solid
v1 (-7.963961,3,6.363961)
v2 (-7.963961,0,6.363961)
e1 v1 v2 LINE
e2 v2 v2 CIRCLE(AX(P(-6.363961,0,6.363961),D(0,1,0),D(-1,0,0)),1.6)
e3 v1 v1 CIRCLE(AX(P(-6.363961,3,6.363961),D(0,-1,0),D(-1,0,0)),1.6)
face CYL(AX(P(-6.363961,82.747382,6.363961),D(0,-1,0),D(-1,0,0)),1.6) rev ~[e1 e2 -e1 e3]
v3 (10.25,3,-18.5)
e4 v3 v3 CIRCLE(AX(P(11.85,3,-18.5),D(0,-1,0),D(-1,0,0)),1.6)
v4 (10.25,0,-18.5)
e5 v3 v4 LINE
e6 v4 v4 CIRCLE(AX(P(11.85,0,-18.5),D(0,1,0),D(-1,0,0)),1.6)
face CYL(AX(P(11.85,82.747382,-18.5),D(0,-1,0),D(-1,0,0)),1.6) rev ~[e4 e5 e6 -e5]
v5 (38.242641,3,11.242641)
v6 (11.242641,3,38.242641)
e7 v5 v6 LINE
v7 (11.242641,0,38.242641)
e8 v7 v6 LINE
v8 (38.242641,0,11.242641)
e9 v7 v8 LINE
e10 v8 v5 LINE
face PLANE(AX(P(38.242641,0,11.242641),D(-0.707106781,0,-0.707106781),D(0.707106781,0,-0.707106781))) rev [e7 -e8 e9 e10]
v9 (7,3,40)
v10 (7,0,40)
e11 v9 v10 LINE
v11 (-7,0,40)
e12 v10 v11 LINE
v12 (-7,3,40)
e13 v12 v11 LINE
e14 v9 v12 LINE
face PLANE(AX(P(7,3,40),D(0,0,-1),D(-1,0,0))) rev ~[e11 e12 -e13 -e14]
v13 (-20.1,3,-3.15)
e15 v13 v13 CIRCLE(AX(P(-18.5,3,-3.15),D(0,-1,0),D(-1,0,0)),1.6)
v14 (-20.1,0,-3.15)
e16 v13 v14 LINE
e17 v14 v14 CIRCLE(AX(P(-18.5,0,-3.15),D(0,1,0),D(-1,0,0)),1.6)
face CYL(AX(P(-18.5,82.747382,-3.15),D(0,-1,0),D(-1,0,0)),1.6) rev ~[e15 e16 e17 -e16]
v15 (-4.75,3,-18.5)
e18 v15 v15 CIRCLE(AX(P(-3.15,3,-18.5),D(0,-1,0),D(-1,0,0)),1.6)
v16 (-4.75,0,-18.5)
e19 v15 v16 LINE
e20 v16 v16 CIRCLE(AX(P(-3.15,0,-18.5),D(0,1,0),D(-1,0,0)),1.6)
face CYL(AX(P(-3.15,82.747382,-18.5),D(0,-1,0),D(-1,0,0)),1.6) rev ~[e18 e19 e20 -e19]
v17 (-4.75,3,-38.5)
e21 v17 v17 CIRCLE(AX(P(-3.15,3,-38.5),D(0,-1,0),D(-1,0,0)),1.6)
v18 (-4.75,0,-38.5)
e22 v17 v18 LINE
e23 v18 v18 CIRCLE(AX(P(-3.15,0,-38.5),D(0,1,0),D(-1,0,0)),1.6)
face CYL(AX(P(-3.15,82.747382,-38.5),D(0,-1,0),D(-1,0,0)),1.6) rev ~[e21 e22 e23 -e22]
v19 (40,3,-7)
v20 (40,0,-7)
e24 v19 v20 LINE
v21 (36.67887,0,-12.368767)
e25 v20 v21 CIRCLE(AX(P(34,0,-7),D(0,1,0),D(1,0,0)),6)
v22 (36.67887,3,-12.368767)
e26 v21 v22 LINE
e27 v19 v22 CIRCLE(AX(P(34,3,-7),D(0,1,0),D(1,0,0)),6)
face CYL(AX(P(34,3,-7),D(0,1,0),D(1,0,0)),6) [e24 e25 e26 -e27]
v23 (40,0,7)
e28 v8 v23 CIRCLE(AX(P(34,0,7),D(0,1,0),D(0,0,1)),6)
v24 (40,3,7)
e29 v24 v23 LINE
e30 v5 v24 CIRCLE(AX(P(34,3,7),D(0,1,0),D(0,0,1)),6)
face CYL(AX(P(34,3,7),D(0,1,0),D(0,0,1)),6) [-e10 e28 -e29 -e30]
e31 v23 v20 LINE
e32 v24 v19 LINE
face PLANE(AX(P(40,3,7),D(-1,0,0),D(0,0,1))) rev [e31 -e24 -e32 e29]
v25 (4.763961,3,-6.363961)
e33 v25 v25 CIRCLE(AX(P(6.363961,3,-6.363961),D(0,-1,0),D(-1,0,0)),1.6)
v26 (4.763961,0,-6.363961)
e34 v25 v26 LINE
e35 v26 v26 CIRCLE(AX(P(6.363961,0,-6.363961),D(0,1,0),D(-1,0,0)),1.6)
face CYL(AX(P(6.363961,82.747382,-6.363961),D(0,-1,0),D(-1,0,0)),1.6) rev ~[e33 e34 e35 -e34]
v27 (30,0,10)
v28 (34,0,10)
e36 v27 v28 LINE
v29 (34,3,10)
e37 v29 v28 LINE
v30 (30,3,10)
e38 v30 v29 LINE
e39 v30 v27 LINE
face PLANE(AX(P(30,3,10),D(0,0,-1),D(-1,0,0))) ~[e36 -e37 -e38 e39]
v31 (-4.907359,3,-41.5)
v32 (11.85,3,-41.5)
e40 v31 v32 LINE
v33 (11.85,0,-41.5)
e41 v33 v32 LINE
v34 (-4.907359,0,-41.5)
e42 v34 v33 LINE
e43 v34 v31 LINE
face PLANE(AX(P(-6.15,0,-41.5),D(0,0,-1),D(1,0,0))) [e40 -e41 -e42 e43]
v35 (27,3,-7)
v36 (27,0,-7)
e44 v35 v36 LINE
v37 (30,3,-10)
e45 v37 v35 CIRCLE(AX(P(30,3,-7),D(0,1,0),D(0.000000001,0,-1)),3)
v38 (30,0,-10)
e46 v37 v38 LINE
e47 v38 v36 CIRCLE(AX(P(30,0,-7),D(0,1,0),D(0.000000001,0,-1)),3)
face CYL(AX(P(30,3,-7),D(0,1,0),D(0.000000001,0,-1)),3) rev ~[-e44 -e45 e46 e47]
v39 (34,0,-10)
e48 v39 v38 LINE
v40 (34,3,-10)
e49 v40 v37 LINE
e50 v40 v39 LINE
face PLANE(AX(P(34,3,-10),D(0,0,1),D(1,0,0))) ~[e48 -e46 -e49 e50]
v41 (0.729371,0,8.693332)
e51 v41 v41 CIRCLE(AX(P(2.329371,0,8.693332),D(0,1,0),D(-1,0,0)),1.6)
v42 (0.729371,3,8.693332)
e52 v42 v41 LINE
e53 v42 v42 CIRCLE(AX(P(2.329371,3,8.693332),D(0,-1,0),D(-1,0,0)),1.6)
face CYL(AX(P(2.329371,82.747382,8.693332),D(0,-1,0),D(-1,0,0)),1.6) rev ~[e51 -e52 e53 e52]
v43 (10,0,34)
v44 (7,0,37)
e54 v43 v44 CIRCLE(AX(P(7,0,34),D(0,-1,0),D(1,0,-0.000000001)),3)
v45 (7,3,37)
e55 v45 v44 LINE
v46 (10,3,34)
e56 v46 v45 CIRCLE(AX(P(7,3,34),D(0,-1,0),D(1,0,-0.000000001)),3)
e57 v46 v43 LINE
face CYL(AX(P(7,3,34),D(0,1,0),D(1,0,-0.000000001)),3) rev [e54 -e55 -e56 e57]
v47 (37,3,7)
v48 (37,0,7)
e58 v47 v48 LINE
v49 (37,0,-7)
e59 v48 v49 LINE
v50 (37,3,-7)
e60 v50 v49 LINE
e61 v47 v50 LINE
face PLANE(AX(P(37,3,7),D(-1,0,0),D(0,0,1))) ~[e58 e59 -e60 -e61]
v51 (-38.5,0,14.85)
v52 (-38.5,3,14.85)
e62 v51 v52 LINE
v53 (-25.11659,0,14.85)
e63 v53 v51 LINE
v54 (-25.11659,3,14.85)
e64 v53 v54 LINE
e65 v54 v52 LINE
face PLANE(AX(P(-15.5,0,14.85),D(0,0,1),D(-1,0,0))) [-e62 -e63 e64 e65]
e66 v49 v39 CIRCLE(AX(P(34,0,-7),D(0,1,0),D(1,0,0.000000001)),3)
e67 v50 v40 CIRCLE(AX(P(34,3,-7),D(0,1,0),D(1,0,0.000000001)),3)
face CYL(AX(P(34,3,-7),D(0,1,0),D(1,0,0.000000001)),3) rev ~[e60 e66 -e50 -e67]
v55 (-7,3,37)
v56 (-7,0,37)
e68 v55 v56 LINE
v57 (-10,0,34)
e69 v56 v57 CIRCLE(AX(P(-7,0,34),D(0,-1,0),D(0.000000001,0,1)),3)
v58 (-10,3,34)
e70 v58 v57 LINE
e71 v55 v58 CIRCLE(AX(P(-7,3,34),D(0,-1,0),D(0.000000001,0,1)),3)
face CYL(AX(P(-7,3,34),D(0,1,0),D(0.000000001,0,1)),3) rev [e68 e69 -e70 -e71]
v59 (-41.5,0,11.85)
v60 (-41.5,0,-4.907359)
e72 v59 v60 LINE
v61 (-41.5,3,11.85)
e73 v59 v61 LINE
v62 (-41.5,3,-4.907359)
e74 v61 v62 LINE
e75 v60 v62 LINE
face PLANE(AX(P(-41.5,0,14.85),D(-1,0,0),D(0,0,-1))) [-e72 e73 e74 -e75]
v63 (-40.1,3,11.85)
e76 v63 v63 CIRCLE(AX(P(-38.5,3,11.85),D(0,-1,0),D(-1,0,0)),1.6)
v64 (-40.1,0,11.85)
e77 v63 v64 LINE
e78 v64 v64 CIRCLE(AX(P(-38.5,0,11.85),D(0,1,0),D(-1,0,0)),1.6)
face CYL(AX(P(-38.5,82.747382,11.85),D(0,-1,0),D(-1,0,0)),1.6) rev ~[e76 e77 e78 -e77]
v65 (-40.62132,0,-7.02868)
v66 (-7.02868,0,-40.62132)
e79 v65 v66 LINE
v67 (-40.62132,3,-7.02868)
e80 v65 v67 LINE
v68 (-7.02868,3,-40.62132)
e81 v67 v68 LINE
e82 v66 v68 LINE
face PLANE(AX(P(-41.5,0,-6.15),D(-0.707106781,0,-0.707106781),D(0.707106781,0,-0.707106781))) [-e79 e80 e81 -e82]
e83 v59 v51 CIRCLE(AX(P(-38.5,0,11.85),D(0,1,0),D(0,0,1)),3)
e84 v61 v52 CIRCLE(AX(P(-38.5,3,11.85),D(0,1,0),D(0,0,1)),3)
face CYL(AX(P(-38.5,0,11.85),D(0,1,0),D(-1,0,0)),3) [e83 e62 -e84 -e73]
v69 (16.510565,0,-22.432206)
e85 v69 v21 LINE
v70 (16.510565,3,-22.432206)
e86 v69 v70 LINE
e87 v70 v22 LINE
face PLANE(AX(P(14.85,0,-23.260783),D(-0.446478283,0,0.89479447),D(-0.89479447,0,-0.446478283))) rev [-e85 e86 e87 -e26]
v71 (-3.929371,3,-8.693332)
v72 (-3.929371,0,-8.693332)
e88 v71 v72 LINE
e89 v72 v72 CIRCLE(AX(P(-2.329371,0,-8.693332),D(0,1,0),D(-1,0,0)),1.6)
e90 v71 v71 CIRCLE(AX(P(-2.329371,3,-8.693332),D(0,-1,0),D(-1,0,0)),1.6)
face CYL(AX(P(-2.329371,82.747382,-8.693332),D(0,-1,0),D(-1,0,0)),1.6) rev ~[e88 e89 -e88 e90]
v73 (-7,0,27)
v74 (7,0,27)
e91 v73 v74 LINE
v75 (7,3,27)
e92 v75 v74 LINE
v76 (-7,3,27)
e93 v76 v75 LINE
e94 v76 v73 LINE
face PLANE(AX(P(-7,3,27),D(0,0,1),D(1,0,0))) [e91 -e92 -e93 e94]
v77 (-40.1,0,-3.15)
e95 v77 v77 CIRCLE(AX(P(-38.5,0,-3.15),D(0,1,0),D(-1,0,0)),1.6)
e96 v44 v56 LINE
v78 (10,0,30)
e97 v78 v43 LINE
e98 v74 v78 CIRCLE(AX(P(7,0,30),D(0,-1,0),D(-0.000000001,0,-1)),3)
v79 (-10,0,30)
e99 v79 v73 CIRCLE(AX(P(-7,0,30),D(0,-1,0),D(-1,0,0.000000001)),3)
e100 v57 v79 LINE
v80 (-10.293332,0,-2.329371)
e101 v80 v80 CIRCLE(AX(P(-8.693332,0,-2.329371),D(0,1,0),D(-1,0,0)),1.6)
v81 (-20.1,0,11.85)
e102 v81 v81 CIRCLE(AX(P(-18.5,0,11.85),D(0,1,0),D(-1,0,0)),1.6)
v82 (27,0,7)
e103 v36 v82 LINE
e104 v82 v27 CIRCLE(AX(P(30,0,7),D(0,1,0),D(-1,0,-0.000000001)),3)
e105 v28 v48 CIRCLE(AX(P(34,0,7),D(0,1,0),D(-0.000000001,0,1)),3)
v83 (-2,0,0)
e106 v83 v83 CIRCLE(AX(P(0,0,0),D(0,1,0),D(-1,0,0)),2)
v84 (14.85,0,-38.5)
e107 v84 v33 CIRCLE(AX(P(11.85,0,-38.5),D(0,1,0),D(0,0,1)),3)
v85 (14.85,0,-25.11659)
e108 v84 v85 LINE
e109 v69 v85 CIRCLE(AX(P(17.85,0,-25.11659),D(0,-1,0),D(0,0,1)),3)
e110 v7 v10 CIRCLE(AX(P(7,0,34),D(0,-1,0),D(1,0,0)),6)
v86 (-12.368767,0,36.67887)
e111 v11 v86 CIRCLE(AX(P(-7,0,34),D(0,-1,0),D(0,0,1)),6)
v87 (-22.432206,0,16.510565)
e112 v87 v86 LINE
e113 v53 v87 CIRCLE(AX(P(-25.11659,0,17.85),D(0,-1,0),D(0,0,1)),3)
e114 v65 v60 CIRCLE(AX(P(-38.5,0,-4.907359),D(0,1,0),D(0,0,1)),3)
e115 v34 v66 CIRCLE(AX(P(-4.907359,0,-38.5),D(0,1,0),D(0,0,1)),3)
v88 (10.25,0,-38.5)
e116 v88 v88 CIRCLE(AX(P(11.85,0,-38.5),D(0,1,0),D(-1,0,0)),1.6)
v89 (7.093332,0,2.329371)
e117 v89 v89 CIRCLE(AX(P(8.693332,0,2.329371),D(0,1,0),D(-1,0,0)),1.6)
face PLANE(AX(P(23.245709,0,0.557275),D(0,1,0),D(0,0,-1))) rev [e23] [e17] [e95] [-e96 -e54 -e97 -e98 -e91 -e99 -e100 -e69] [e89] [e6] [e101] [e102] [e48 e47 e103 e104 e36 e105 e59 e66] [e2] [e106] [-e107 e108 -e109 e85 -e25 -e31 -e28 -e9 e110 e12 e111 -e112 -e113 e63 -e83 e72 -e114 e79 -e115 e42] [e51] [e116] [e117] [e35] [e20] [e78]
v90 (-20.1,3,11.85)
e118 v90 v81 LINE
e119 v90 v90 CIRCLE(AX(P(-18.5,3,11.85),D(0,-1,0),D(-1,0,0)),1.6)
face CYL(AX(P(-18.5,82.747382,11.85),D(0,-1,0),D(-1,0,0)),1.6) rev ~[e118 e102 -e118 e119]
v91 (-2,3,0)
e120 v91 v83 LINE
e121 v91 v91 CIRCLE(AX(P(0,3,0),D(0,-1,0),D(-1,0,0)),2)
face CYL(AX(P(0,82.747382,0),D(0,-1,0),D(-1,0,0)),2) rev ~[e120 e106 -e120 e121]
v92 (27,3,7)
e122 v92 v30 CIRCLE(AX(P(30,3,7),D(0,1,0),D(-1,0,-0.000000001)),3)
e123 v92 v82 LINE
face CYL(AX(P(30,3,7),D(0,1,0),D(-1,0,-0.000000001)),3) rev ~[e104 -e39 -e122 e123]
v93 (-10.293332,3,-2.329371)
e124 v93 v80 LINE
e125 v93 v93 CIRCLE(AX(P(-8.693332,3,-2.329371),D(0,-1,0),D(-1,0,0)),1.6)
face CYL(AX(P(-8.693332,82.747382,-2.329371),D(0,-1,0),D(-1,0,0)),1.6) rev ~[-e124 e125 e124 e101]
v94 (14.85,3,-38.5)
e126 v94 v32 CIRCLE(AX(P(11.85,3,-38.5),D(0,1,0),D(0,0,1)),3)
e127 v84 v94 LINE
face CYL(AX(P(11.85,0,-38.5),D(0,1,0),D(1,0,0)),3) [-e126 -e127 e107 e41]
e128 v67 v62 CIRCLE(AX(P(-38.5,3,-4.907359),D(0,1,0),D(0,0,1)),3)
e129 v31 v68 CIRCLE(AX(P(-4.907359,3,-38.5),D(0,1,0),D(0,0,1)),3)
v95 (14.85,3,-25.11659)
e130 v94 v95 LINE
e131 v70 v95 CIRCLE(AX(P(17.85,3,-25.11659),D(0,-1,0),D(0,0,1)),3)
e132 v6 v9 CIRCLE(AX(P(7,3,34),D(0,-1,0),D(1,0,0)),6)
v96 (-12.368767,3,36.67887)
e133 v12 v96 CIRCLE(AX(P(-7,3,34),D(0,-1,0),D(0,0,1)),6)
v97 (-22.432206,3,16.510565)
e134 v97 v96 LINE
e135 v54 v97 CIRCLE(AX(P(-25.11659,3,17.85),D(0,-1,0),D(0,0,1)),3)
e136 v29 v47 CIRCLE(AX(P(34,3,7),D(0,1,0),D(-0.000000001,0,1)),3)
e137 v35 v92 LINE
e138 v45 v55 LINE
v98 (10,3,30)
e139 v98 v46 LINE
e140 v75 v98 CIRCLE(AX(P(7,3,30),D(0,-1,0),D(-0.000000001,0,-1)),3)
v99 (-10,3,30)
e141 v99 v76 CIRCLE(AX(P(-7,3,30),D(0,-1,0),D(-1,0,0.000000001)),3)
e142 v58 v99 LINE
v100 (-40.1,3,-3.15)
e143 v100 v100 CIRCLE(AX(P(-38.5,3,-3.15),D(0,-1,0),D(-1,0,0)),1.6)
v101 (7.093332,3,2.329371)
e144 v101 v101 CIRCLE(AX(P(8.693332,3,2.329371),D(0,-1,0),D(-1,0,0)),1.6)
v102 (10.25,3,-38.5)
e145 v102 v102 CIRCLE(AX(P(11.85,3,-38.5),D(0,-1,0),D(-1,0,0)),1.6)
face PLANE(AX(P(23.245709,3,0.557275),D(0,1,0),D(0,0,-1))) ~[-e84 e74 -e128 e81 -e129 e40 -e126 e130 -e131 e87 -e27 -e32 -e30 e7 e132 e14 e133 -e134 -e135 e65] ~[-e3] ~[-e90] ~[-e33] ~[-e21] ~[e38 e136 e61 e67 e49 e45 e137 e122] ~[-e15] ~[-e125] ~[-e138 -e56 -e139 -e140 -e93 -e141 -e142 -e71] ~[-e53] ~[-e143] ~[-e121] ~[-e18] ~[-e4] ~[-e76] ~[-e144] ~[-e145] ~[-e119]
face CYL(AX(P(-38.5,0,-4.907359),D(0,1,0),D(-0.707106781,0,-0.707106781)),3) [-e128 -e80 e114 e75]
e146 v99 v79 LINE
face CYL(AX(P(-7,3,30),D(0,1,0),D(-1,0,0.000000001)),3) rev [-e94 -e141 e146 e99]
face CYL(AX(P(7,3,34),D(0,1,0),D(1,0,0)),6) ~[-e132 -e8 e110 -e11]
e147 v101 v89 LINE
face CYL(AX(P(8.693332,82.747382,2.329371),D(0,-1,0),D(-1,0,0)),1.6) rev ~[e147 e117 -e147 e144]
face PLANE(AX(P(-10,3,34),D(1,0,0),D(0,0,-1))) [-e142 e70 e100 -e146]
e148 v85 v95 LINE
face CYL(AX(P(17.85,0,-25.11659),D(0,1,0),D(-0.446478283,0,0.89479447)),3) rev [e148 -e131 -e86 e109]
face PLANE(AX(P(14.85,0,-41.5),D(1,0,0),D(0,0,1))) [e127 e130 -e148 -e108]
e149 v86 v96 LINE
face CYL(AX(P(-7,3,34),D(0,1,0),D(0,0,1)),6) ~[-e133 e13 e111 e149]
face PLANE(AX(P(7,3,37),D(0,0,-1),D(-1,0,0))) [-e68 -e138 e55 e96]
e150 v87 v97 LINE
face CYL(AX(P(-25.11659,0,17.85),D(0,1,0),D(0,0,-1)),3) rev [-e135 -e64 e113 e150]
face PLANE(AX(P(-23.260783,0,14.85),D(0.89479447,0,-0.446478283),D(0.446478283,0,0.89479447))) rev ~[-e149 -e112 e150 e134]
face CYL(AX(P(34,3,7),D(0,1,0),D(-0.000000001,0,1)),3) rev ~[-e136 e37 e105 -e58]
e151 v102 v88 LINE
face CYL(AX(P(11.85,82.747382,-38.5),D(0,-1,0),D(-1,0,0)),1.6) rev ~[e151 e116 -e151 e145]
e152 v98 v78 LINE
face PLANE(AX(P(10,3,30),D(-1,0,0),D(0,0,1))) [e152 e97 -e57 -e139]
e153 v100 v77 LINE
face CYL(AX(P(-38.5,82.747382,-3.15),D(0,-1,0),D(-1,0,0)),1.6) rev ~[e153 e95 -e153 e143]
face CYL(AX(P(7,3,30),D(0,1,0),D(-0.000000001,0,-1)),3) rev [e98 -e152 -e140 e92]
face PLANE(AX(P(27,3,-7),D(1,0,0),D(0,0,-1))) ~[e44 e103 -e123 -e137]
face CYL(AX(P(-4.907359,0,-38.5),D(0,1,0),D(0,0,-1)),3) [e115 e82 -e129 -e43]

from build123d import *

# Parameters (mm, degrees)
BOSS_EXTRUDE1_DEPTH      = 3
M3_CLEARANCE_HOLE1_D     = 3.2
M3_CLEARANCE_HOLE2_D     = 3.2
F_4_0_4_DIAMETER_HOLE1_D = 4
EXTRUDE_THIN1_DEPTH      = 3
BOSS_EXTRUDE4_START      = -3
BOSS_EXTRUDE4_DEPTH      = 3
FILLET4_R                = 3


with BuildPart() as part:
    # Sketch2 → Boss-Extrude1 (new body)
    with BuildSketch(Plane(origin=(0, 0, 0), x_dir=(1, 0, 0), z_dir=(0, 1, 0))):
        with BuildLine():
            Line((-6.15, 41.5), (14.85, 41.5))
            Line((14.85, 41.5), (14.85, 15.5))
            Line((14.85, 15.5), (13.66471398, -0.982645329))
            ThreePointArc((13.66471398, -0.982645329), (9.687362902, -9.687362902), (0.982645329, -13.66471398))
            Line((0.982645329, -13.66471398), (-15.5, -14.85))
            Line((-15.5, -14.85), (-41.5, -14.85))
            Line((-41.5, -14.85), (-41.5, 6.15))
            Line((-41.5, 6.15), (-6.15, 41.5))
        make_face()
    extrude(amount=BOSS_EXTRUDE1_DEPTH)

    # M3 Clearance Hole1 (through all)
    with Locations(Plane(origin=(0, 3, 0), x_dir=(1, 0, 0), z_dir=(0, 1, 0))):
        with Locations((-38.5, 3.15), (-18.5, 3.15), (-18.5, -11.85), (-38.5, -11.85), (-3.15, 18.5), (-3.15, 38.5), (11.85, 38.5), (11.85, 18.5)):
            Hole(M3_CLEARANCE_HOLE1_D / 2)

    # M3 Clearance Hole2 (through all)
    with Locations(Plane(origin=(0, 3, 0), x_dir=(1, 0, 0), z_dir=(0, 1, 0))):
        with Locations((-2.329371406, 8.693332437), (6.363961031, 6.363961031), (8.693332437, -2.329371406), (2.329371406, -8.693332437), (-6.363961031, -6.363961031), (-8.693332437, 2.329371406)):
            Hole(M3_CLEARANCE_HOLE2_D / 2)

    # Ø4.0 (4) Diameter Hole1 (through all)
    with Locations(Plane(origin=(0, 3, 0), x_dir=(1, 0, 0), z_dir=(0, 1, 0))):
        with Locations((0, 0)):
            Hole(F_4_0_4_DIAMETER_HOLE1_D / 2)



with BuildPart() as body_2:
    # Sketch11 → Extrude-Thin1 (new body)
    with BuildSketch(Plane(origin=(0, 3, 0), x_dir=(1, 0, 0), z_dir=(0, 1, 0))):
        with BuildLine():
            Line((-7, -24), (7, -24))
            ThreePointArc((7, -24), (11.242640687, -25.757359313), (13, -30))
            Line((13, -30), (13, -34))
            ThreePointArc((13, -34), (11.242640687, -38.242640687), (7, -40))
            Line((7, -40), (-7, -40))
            ThreePointArc((-7, -40), (-11.242640687, -38.242640687), (-13, -34))
            Line((-13, -34), (-13, -30))
            ThreePointArc((-13, -30), (-11.242640687, -25.757359313), (-7, -24))
        make_face()
        with BuildLine():
            Line((-7, -27), (7, -27))
            ThreePointArc((7, -27), (9.121320344, -27.878679656), (10, -30))
            Line((10, -30), (10, -34))
            ThreePointArc((10, -34), (9.121320344, -36.121320344), (7, -37))
            Line((7, -37), (-7, -37))
            ThreePointArc((-7, -37), (-9.121320344, -36.121320344), (-10, -34))
            Line((-10, -34), (-10, -30))
            ThreePointArc((-10, -30), (-9.121320344, -27.878679656), (-7, -27))
        make_face(mode=Mode.SUBTRACT)
    extrude(amount=-EXTRUDE_THIN1_DEPTH)


with BuildPart() as part_1:
    add(part.part)

    add(body_2.part)  # Boss-Extrude4 merges body 2
    # Sketch12 → Boss-Extrude4 (add)
    with BuildSketch(Plane(origin=(0, 3, 0), x_dir=(1, 0, 0), z_dir=(0, 1, 0)).offset(BOSS_EXTRUDE4_START)):
        with BuildLine():
            Line((11.242640687, -38.242640687), (24.742640687, -24.742640687))
            Line((24.742640687, -24.742640687), (9.687362902, -9.687362902))
            ThreePointArc((9.687362902, -9.687362902), (5.693601612, -12.460854733), (0.982645329, -13.66471398))
            Line((0.982645329, -13.66471398), (-15.5, -14.85))
            Line((-15.5, -14.85), (-23.260783473, -14.85))
            Line((-23.260783473, -14.85), (-12.368766817, -36.678869699))
            ThreePointArc((-12.368766817, -36.678869699), (-12.84005997, -35.376117563), (-13, -34))
            Line((-13, -34), (-13, -30))
            ThreePointArc((-13, -30), (-11.242640687, -25.757359313), (-7, -24))
            Line((-7, -24), (7, -24))
            ThreePointArc((7, -24), (11.242640687, -25.757359313), (13, -30))
            Line((13, -30), (13, -34))
            ThreePointArc((13, -34), (12.543277195, -36.296100594), (11.242640687, -38.242640687))
        make_face()
    extrude(amount=BOSS_EXTRUDE4_DEPTH)

    # Mirror4: part across plane


with BuildPart() as part_2:
    add(part_1.part)
    add(part_1.part.mirror(Plane(origin=(0, 0, 0), x_dir=(0.7071067811865478, 0, 0.7071067811865472), z_dir=(-0.7071067811865475, 0, 0.7071067811865477))))

    # Fillet4
    fillet4_edges = [part_2.edges().sort_by_distance(p)[0] for p in [
        (-23.260783473, 1.5, 14.85),
        (-6.15, 1.5, -41.5),
        (14.85, 1.5, -41.5),
        (-41.5, 1.5, 14.85),
        (-41.5, 1.5, -6.15),
        (14.85, 1.5, -23.260783473),
    ]]
    fillet(fillet4_edges, radius=FILLET4_R)


solid = part_2.part
